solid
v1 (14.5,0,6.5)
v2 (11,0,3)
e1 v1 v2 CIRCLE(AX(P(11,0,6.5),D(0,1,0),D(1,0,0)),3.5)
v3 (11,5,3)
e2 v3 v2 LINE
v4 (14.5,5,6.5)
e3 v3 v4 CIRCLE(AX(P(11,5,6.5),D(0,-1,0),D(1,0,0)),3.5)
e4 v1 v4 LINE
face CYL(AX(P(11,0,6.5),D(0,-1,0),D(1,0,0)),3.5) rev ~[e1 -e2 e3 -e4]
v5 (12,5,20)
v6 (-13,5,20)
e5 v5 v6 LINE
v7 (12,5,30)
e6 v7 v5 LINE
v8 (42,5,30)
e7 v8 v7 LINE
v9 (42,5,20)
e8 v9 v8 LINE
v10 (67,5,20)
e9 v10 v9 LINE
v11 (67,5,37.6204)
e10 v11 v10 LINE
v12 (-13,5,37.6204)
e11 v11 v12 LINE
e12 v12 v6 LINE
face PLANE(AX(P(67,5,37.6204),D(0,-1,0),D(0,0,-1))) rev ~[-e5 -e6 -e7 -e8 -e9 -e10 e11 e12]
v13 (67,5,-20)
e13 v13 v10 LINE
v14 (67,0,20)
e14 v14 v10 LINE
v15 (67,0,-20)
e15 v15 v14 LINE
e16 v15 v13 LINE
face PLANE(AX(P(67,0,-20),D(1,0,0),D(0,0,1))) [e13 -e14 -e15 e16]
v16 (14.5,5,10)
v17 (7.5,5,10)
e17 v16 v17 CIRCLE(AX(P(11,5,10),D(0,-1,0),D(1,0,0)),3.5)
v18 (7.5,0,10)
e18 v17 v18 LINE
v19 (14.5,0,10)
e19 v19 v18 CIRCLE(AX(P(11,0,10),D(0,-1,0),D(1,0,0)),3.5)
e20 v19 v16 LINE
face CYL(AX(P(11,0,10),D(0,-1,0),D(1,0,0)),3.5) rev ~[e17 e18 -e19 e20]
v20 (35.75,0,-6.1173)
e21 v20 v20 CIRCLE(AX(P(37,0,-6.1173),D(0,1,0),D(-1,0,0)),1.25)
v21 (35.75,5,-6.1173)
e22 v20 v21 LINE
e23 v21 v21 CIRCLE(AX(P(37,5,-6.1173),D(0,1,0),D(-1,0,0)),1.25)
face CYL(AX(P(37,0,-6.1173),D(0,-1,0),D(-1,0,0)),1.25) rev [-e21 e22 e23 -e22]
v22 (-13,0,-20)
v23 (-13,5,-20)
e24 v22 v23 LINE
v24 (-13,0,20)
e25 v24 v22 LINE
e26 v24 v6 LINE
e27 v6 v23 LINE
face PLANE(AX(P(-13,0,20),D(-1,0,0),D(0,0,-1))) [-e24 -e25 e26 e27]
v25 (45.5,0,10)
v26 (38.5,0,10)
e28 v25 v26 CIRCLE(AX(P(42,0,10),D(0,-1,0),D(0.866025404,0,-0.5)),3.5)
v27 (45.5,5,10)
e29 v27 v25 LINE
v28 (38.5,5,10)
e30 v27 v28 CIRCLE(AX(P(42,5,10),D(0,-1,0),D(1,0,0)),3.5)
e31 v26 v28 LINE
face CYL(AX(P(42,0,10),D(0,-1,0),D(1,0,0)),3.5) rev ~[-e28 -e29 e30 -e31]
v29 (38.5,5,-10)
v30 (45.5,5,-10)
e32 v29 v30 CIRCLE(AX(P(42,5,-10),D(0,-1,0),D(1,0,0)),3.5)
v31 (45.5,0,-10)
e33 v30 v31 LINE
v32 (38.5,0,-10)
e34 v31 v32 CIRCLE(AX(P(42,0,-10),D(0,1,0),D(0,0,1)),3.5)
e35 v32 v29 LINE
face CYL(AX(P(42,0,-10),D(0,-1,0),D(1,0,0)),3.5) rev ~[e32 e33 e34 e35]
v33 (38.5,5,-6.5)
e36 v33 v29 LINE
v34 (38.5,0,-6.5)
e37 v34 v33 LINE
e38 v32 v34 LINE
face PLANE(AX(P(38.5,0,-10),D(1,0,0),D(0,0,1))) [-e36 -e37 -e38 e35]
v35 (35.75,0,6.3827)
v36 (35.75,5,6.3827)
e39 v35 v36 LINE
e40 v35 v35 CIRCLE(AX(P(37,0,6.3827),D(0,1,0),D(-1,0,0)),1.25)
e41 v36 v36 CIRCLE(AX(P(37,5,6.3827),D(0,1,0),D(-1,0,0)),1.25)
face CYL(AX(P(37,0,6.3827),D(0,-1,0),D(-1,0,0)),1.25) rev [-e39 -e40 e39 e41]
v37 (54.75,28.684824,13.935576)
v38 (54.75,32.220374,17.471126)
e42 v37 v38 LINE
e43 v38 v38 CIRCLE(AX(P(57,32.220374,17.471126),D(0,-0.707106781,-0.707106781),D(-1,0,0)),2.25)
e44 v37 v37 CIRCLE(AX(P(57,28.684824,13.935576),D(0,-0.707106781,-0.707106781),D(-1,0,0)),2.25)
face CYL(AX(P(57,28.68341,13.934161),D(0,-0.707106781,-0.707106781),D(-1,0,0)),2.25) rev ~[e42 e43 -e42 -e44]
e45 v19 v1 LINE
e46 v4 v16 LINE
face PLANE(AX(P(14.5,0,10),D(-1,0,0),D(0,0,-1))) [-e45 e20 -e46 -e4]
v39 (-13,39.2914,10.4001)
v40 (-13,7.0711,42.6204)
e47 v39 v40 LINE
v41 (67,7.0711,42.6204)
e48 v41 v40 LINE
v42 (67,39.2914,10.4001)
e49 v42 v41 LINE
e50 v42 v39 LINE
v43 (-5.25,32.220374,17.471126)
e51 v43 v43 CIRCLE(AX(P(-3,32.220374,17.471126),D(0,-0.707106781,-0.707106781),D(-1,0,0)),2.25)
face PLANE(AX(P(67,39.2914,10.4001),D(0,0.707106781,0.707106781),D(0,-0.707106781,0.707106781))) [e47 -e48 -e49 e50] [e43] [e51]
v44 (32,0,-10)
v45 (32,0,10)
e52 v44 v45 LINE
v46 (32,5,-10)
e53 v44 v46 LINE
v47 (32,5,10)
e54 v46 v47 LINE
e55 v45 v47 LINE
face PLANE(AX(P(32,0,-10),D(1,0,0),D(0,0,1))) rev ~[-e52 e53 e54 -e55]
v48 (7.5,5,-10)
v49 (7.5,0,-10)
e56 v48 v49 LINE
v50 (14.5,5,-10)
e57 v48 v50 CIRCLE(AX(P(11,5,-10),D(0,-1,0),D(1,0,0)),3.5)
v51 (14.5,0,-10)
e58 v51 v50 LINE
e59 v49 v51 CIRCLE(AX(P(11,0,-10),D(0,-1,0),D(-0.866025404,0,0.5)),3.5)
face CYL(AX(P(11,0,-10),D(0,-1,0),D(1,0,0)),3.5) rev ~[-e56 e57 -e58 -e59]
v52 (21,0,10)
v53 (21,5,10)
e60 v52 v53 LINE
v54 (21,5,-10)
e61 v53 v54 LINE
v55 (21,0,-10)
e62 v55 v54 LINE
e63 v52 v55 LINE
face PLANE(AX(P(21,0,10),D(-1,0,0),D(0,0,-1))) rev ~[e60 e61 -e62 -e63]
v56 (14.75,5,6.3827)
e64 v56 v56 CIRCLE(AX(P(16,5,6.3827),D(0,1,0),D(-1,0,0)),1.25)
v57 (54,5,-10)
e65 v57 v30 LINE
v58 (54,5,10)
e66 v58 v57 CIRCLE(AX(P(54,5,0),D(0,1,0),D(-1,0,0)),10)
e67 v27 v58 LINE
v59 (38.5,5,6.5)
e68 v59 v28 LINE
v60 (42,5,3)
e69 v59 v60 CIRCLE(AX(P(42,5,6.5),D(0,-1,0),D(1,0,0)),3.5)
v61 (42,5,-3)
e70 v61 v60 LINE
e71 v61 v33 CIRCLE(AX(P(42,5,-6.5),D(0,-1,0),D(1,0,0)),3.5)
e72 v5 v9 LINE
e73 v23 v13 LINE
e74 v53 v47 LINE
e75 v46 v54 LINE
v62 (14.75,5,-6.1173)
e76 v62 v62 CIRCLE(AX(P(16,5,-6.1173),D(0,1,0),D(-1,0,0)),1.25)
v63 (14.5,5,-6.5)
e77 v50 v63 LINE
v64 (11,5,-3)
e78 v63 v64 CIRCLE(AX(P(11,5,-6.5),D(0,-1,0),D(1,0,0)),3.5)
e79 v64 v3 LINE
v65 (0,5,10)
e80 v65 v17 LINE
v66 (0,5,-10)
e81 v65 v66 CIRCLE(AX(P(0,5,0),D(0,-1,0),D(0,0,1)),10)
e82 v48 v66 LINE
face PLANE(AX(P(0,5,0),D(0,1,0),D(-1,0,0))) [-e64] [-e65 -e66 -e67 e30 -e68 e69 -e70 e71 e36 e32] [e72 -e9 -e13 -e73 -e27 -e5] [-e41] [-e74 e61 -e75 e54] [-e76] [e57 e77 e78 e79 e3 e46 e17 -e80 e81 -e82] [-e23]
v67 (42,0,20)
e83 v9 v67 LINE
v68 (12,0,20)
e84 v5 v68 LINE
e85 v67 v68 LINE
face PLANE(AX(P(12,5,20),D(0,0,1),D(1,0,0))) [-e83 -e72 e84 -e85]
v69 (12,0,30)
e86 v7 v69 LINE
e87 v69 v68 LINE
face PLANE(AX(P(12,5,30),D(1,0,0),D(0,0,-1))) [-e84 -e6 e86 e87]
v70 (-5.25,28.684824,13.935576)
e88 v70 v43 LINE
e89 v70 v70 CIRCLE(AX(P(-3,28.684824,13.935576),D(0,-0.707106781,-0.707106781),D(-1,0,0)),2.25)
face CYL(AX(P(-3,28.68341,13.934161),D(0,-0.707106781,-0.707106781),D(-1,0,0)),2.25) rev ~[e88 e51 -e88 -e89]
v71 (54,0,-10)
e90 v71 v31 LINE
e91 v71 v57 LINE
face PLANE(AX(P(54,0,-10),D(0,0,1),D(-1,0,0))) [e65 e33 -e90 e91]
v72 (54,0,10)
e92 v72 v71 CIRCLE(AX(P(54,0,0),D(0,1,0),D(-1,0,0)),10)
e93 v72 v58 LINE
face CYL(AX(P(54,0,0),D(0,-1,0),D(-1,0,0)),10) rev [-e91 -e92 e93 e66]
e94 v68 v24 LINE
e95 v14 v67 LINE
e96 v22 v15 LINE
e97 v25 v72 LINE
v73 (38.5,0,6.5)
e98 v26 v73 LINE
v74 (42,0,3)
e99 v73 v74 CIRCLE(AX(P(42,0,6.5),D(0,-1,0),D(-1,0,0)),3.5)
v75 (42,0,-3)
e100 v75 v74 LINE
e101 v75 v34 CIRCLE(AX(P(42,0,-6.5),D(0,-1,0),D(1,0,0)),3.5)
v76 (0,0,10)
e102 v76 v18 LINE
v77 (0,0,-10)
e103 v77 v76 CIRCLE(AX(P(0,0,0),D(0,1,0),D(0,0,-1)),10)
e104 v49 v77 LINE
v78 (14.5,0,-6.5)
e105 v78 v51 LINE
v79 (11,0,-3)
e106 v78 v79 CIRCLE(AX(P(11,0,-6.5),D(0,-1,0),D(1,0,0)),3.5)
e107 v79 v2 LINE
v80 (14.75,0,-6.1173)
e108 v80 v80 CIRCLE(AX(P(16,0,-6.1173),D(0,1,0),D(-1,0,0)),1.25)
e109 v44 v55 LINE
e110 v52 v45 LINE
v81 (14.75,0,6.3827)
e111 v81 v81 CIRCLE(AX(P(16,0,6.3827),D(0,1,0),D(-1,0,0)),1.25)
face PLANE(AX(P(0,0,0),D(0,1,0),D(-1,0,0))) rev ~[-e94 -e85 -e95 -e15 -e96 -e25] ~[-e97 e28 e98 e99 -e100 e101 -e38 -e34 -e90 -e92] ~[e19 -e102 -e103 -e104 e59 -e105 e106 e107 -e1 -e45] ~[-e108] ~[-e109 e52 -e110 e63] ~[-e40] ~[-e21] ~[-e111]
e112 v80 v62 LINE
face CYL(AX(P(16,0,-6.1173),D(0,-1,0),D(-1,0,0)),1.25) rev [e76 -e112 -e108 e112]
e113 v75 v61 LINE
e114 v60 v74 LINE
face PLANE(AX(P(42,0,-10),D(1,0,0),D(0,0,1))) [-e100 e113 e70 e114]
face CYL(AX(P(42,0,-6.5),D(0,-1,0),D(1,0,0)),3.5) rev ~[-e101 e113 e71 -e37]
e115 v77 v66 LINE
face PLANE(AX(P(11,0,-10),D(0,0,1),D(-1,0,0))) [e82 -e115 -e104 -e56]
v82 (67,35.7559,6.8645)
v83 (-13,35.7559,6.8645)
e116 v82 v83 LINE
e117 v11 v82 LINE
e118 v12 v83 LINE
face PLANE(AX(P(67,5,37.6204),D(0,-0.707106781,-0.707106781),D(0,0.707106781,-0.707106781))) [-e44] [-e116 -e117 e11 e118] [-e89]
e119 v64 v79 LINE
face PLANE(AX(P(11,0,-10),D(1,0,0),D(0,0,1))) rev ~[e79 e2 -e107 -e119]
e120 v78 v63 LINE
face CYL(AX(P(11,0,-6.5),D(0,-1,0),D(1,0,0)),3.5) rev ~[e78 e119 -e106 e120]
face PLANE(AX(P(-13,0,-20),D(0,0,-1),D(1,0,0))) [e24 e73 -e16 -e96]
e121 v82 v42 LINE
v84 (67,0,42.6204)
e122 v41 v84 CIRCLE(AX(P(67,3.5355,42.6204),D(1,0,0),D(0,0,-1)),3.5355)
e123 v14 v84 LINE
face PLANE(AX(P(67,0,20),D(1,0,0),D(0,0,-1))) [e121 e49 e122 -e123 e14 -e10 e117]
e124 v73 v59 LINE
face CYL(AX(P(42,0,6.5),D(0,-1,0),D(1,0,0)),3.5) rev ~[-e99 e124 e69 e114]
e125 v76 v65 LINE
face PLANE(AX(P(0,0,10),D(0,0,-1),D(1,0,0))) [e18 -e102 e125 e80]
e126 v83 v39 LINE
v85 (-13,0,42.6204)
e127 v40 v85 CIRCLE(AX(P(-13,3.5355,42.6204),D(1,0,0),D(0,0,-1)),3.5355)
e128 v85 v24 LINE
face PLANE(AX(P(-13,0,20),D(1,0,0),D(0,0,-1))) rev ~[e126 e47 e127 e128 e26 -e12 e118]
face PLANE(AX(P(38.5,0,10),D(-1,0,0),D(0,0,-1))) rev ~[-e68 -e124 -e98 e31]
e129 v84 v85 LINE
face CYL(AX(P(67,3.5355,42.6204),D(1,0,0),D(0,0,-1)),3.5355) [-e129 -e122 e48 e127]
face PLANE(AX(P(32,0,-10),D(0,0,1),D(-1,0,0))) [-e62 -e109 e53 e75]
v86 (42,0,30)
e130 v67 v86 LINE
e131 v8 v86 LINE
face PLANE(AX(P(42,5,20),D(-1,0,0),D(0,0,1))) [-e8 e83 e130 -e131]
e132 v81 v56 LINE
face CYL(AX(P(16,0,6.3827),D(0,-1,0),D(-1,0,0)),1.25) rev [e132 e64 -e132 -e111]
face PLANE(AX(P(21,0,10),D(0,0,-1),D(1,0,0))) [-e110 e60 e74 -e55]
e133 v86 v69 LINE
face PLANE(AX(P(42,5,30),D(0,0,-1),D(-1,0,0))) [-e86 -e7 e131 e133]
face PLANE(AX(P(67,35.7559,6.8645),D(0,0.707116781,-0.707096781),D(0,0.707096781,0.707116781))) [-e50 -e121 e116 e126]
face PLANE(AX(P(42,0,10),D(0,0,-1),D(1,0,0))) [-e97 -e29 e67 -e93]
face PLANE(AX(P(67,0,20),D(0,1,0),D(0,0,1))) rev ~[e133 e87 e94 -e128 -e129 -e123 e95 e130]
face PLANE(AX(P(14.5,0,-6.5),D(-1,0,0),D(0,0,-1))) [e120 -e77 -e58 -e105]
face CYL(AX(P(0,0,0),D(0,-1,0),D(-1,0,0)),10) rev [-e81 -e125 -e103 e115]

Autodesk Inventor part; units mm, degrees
ref_plane "YZ Plane" through (0, 0, 0) normal (1, 0, 0) x (0, 1, 0)
ref_plane "XZ Plane" through (0, 0, 0) normal (0, 1, 0) x (-1, 0, 0)
ref_plane "XY Plane" through (0, 0, 0) normal (0, 0, 1) x (1, 0, 0)
sketch "Sketch1" plane through (0, 0, 0) normal (0, 1, 0) x (-1, 0, 0)
  circle A0 centre (0, 0) radius 10
  circle A1 centre (-54, 0) radius 10
  line L0 (-54, -10) -> (0, -10)
  line L1 (0, 10) -> (-54, 10)
  circle A2 centre (-16, -6.1173) radius 1.25
  circle A3 centre (-37, -6.1173) radius 1.25
  circle A4 centre (-37, 6.3827) radius 1.25
  circle A5 centre (-16, 6.3827) radius 1.25
  line L2 (-11, -10) -> (-11, 10)
  line L3 (-21, 10) -> (-21, -10)
  line L4 (-32, -10) -> (-32, 10)
  line L5 (-42, -10) -> (-42, 10)
  line L6 (13, -20) -> (-67, -20)
  line L7 (-67, -20) -> (-67, 20)
  line L8 (-67, 20) -> (13, 20)
  line L9 (13, 20) -> (13, -20)
  dimension "d0" = 20
  dimension "d1" = 20
  dimension "d2" = 54
  dimension "d3" = 21
  dimension "d4" = 12.5
  dimension "d5" = 12.5
  dimension "d6" = 21
  dimension "d7" = 2.5
  dimension "d8" = 2.5
  dimension "d9" = 2.5
  dimension "d10" = 2.5
  dimension "d11" = 5
  dimension "d12" = 5
  dimension "d13" = 5
  dimension "d14" = 5
  dimension "d15" = 11
  dimension "d16" = 11
  dimension "d17" = 40
  dimension "d18" = 80
  dimension "d19" = 13
  dimension "d20" = 20
extrude "Extrusion1" add sketch "Sketch1" along normal blind 5 contours L2 L0 L3 L1 | L4 L0 L5 L1 | L6 L7 L8 L9
sketch "Sketch2" plane through (67, 0, 20) normal (1, 0, 0) x (0, 0, -1)
  line L0 (0, 0) -> (-17.6204, 0)
  line L1 (-17.6204, 0) -> (-17.6204, 5)
  line L2 (-17.6204, 5) -> (0, 5)
  line L3 (0, 5) -> (0, 0)
  line L4 (-17.6204, 5) -> (13.1355, 35.7559)
  line L5 (13.1355, 35.7559) -> (9.5999, 39.2914)
  line L6 (9.5999, 39.2914) -> (-22.6204, 7.0711)
  line L7 (-22.6204, 7.0711) -> (-22.6204, 0)
  line L8 (-22.6204, 0) -> (-17.6204, 0)
  circle A0 centre (-22.6204, 3.5355) radius 3.5355
  point P0 (-22.6204, 0)
  dimension "d23" = 45
  dimension "d24" = 5
  dimension "d25" = 5
extrude "Extrusion2" add sketch "Sketch2" against normal blind 80
sketch "Sketch3" plane through (0, 5, 0) normal (0, 1, 0) x (1, 0, 0)
  line L0 (12, -20) -> (42, -20)
  line L1 (42, -20) -> (42, -30)
  line L2 (42, -30) -> (12, -30)
  line L3 (12, -30) -> (12, -20)
  line L4 (-13, 20) -> (-13, -37.6204) projected
  line L5 (11, -10) -> (0, -10) projected
  point P0 (0, 0)
  dimension "d28" = 30
  dimension "d29" = 10
  dimension "d30" = 25
  dimension "d31" = 10
extrude "Extrusion3" cut sketch "Sketch3" against normal blind 80
sketch "Sketch4" plane through (67, 5, 37.6204) normal (0, -0.7071, -0.7071) x (-1, 0, 0)
  circle A0 centre (73.7126, 34.5024) radius 2.2513
  circle A1 centre (10, 33.4954) radius 2.25
  line L0 (0, 0) -> (0, 43.4954) projected
  line L1 (0, 43.4954) -> (80, 43.4954) projected
  circle A2 centre (70, 33.4954) radius 2.25
  line L2 (80, 37.2082) -> (80, -7.0711) projected
  point P0 (67, 23.0661)
  point P1 (71.5496, 35.1267)
  point P2 (72.1615, 32.8706)
  dimension "d34" = 10
  dimension "d35" = 10
  dimension "d36" = 4.5
  dimension "d37" = 10
  dimension "d38" = 10
  dimension "d39" = 4.5
extrude "Extrusion4" cut sketch "Sketch4" against normal blind 80 contours A2 A0 | A0 A2 | A1 picked at (71.7698, 33.9272) picked at (69.1023, 33.1672)
sketch "Sketch5" plane through (0, 0, 0) normal (0, -1, 0) x (1, 0, 0)
  line L0 (42, 10) -> (42, -10) projected
  circle A0 centre (42, -10) radius 3.5
  circle A1 centre (42, 10) radius 3.5
  line L1 (11, -10) -> (11, 10) projected
  circle A2 centre (11, 10) radius 3.5
  circle A3 centre (11, -10) radius 3.5
  line L2 (0, -10) -> (11, -10) projected
  line L3 (42, -10) -> (54, -10) projected
  circle A4 centre (42, -6.5) radius 3.5
  circle A5 centre (42, 6.5) radius 3.5
  circle A6 centre (11, 6.5) radius 3.5
  circle A7 centre (11, -6.5) radius 3.5
  line L4 (14.5, -6.5) -> (14.5, -6.5)
  line L5 (14.5, -6.5) -> (14.5, -10)
  line L6 (14.5, -10) -> (14.5, -10)
  line L7 (14.5, -10) -> (14.5, -6.5)
  line L8 (14.5, 10) -> (14.5, 6.5)
  line L9 (38.5, -10) -> (38.5, -6.5)
  line L10 (38.5, 10) -> (38.5, 6.5)
  point P0 (0, 0)
  point P1 (11, -3)
  point P2 (11, 6.5)
  point P3 (42, 9)
  point P4 (42, -3)
  point P5 (7.5, -10)
  point P6 (45.5, -10)
  point P7 (7.9689, 8.25)
  point P8 (7.9689, -8.25)
  point P9 (42, -3)
  point P10 (45.0311, 8.25)
  dimension "d42" = 7
  dimension "d43" = 7
  dimension "d44" = 7
  dimension "d45" = 7
  dimension "d46" = 20
  dimension "d47" = 0
  dimension "d48" = 20
  dimension "d49" = 0
extrude "Extrusion5" cut sketch "Sketch5" against normal blind 6 contours A5 A1 L0 | A5 A1 | L0 A1 A5 | A1 A5 L0 | L0 A5 A1 | L0 A0 A4 | A5 L10 A1 | A0 A4 L0 | L0 A4 A0 | A4 A0 L9 | A4 A0 L3 | L3 A0 A4 | A7 A3 L1 | A7 A3 L2 | L2 A3 A7 | L1 A3 A7 | A3 A7 L1 | L1 A7 A3 | A6 A2 L1 | L1 A2 A6 | A7 L5 A3 | A2 A6 L1 | L1 A6 A2 | A2 A6 | A6 A2 L8 picked at (41.7404, -4.1959) picked at (42.2426, -8.8078) picked at (41.7574, -7.6922)
equation "\"d5\" = d4"
equation "\"d6\" = d3"
equation "\"d39\" = d36"
equation "\"d43\" = d42"
equation "\"d44\" = d42"
equation "\"d45\" = d42"
properties part number "CameraBracket"
